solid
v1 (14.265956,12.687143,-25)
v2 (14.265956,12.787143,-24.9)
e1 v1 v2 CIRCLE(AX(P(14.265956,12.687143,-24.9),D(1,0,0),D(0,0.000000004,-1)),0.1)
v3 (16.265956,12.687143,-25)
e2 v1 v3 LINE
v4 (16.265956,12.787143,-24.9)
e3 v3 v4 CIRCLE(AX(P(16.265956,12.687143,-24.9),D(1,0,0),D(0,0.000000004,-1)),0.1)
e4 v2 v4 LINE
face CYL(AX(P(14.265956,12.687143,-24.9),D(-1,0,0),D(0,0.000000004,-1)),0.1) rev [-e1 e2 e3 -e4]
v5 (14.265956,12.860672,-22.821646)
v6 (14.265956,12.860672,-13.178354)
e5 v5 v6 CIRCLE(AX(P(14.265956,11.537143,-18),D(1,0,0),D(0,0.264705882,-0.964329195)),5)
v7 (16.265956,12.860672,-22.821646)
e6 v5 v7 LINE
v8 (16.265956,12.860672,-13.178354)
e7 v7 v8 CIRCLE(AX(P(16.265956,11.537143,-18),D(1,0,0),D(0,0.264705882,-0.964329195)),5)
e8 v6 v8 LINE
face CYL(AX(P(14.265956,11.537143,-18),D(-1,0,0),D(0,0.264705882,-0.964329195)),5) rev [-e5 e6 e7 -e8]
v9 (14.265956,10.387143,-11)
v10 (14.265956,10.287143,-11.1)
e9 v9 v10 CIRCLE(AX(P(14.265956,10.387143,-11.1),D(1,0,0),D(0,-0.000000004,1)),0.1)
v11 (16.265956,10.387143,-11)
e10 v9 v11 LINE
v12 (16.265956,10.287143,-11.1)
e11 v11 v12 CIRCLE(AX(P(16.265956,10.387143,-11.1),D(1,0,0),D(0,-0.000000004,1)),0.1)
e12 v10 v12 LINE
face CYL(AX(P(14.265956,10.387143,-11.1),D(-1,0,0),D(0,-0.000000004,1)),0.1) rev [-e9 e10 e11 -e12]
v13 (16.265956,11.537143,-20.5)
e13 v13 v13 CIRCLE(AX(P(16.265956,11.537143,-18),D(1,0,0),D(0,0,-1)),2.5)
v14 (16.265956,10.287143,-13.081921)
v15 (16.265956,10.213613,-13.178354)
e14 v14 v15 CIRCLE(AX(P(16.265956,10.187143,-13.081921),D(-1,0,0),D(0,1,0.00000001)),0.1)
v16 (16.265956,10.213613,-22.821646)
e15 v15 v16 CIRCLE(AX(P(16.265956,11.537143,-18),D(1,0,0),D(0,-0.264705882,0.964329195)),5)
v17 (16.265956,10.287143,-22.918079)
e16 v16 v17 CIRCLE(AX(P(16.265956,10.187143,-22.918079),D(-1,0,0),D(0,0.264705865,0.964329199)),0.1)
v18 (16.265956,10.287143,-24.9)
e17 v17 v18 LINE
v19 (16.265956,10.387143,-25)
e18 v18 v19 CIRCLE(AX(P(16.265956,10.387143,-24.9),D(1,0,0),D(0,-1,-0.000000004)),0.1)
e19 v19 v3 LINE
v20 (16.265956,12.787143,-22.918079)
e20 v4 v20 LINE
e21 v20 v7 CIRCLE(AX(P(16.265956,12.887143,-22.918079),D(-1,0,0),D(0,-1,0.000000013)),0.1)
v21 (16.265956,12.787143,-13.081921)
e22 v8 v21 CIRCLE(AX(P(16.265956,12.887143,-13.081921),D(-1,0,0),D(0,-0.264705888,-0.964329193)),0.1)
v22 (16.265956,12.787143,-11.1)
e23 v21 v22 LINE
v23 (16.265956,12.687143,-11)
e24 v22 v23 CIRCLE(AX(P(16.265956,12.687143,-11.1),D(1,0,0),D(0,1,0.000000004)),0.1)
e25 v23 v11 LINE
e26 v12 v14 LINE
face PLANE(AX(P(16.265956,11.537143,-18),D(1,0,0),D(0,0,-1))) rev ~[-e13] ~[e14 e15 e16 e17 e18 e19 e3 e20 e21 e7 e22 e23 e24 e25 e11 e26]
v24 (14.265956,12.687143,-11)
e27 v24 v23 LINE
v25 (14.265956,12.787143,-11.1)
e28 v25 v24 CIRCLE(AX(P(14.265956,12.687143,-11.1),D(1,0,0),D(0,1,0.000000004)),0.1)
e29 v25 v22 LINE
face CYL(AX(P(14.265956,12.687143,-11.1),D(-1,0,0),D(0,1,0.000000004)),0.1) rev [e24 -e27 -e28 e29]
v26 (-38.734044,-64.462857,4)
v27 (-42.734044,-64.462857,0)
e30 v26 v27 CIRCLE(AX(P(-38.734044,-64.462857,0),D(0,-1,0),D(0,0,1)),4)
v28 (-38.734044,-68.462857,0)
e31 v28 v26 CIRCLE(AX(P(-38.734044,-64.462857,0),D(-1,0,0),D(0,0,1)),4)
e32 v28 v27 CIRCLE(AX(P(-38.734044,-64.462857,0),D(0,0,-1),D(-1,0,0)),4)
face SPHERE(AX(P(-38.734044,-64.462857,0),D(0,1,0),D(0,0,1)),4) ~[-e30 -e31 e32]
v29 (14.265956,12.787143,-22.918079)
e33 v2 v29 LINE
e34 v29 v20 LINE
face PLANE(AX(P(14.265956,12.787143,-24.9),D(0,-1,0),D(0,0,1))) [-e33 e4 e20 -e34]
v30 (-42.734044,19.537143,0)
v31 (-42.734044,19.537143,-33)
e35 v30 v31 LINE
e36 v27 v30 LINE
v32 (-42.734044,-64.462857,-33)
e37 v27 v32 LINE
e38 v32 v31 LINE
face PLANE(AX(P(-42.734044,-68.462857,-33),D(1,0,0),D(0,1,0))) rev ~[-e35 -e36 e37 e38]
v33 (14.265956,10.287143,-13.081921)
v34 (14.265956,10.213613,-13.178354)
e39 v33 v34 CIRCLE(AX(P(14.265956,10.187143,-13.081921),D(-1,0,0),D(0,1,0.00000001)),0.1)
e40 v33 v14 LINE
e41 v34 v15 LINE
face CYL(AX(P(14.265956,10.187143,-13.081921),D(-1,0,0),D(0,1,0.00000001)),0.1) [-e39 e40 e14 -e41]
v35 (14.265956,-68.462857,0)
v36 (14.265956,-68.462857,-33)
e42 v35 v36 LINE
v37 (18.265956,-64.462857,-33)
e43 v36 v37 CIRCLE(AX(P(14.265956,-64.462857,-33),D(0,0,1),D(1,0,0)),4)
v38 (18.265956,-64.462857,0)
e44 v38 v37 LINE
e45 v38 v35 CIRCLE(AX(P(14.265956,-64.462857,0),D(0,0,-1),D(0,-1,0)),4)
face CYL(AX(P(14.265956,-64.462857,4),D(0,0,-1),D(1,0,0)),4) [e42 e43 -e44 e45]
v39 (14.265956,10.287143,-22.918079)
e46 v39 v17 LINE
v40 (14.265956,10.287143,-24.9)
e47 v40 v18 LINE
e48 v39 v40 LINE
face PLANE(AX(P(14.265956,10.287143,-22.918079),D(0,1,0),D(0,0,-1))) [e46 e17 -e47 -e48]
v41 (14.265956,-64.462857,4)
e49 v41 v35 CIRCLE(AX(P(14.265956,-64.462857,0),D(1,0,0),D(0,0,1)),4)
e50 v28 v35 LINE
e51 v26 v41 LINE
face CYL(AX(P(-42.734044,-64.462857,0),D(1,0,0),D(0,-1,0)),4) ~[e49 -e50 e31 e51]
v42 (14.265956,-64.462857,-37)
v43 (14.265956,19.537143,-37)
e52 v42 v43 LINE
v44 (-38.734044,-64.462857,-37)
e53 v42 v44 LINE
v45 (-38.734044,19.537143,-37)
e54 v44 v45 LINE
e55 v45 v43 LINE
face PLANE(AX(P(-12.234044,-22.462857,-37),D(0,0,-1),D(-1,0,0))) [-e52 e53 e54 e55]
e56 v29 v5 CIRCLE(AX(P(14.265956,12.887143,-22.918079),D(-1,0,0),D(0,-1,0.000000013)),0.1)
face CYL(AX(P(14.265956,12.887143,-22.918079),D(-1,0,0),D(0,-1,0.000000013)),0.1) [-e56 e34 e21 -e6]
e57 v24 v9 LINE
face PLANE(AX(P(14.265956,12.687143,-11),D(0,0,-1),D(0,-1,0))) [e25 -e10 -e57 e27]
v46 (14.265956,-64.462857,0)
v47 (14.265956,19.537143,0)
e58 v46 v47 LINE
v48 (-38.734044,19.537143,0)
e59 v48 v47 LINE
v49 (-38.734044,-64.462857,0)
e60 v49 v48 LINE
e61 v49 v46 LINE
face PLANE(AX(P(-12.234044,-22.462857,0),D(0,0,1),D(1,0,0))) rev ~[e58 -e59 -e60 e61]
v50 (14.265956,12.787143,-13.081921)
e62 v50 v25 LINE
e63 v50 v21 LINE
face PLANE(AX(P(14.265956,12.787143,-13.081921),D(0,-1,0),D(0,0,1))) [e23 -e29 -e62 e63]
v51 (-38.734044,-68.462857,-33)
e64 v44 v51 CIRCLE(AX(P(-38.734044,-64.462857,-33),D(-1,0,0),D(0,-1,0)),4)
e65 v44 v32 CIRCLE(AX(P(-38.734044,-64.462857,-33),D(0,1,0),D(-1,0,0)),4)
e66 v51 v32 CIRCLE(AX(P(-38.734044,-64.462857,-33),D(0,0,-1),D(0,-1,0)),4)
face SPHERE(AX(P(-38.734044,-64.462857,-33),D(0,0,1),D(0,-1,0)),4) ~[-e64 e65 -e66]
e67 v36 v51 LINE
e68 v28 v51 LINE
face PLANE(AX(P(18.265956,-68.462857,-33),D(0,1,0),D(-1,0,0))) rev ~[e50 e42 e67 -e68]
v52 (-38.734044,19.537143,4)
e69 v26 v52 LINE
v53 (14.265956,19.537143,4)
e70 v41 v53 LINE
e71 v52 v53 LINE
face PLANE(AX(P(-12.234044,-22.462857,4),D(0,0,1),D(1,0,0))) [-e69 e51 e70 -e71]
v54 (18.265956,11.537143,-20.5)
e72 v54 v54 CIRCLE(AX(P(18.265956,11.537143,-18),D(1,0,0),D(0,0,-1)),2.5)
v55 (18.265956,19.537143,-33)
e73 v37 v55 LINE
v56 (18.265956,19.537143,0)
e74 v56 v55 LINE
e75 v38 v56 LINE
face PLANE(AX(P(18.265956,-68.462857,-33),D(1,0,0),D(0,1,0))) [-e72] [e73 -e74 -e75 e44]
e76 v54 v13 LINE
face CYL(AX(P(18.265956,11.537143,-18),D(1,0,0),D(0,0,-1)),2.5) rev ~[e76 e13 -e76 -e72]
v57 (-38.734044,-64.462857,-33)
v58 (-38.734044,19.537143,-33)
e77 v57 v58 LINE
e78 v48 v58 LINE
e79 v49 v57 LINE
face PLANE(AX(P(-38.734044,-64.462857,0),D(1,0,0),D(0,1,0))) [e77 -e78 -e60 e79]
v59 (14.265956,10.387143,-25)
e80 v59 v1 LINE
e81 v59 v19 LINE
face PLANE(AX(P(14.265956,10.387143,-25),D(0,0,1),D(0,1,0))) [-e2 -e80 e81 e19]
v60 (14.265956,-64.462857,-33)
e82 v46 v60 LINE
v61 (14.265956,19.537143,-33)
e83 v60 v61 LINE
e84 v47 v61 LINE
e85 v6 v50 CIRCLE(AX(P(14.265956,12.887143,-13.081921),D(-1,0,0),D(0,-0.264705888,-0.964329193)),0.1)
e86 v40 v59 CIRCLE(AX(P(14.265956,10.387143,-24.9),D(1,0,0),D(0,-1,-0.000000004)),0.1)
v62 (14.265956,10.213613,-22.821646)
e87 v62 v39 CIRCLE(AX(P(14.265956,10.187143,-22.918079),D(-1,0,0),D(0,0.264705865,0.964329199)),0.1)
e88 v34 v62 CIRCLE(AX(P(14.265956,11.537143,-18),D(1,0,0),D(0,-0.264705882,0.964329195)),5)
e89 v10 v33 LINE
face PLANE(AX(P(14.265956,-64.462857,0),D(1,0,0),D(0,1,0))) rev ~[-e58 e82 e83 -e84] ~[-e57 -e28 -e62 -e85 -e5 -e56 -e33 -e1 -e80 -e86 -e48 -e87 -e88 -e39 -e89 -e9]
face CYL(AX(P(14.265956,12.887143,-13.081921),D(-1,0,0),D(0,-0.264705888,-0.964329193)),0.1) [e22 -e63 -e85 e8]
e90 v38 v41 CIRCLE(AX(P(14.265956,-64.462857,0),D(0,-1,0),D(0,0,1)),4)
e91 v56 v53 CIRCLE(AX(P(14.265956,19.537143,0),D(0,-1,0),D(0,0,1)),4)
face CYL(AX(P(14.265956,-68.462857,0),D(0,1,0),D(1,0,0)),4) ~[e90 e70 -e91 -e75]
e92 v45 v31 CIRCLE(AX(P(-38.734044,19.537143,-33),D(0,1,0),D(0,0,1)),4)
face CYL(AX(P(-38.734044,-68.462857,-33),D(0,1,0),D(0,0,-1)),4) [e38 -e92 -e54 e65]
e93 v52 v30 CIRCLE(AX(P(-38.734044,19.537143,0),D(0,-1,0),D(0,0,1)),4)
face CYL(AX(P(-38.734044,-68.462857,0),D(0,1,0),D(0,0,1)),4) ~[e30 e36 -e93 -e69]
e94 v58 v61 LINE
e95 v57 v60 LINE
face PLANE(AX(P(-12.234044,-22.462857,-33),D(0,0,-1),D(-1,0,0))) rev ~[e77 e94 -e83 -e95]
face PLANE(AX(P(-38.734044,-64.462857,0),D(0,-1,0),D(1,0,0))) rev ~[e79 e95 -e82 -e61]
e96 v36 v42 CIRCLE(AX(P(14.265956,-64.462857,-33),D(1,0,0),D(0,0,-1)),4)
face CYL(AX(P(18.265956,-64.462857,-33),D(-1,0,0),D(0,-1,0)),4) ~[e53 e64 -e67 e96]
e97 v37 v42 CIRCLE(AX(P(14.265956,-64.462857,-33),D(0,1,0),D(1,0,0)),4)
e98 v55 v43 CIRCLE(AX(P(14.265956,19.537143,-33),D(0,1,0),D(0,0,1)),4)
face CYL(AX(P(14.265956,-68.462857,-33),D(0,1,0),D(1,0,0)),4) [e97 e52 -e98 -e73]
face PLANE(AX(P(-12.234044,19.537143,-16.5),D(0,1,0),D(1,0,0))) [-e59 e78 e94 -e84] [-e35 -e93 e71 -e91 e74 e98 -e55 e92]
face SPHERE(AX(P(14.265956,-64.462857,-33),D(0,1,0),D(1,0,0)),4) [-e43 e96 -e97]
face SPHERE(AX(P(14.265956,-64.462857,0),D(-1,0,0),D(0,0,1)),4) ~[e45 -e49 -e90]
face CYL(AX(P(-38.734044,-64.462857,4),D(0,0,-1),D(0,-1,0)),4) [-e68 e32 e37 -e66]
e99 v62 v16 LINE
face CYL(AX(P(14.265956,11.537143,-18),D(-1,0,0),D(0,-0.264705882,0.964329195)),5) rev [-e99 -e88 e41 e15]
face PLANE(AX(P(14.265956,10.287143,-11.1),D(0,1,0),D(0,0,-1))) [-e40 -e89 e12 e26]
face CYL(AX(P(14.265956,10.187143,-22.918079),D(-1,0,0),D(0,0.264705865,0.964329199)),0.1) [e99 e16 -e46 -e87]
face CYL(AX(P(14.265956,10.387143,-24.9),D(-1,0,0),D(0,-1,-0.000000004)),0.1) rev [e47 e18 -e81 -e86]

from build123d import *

# Parameters (mm, degrees)
ESBO_O1_W                = 61
ESBO_O1_H                = 92
ESBO_O1_W_2              = 53
ESBO_O1_H_2              = 84
RESSALTO_EXTRUS_O2_DEPTH = 33
ESBO_O5_W                = 61
ESBO_O5_H                = 92
RESSALTO_EXTRUS_O4_DEPTH = 4
ESBO_O6_R                = 2.5
CORTE_EXTRUS_O4_DEPTH    = 4
CORTE_EXTRUS_O5_DEPTH    = 2
ESBO_O8_W                = 61
ESBO_O8_H                = 92
RESSALTO_EXTRUS_O5_DEPTH = 4
ESBO_O9_W                = 61
ESBO_O9_H                = 41
CORTE_EXTRUS_O6_DEPTH    = 4
FILETE1_R                = 4


with BuildPart() as part:
    # Esboço1 → Ressalto-extrusão2 (new body)
    with BuildSketch(Plane.XY):
        with Locations((-12.234044221, -22.462857143)):
            Rectangle(ESBO_O1_W, ESBO_O1_H)
        with Locations((-12.234044221, -22.462857143)):
            Rectangle(ESBO_O1_W_2, ESBO_O1_H_2, mode=Mode.SUBTRACT)
    extrude(amount=-RESSALTO_EXTRUS_O2_DEPTH)

    # Esboço5 → Ressalto-extrusão4 (add)
    with BuildSketch(Plane.XY):
        with Locations((-12.234044221, -22.462857143)):
            Rectangle(ESBO_O5_W, ESBO_O5_H)
    extrude(amount=RESSALTO_EXTRUS_O4_DEPTH)

    # Esboço6 → Corte-extrusão4 (cut)
    with BuildSketch(Plane(origin=(18.265955779, 0, 0), x_dir=(0, 0, -1), z_dir=(1, 0, 0))):
        with Locations((18, 11.537142857)):
            Circle(ESBO_O6_R)
    extrude(amount=-CORTE_EXTRUS_O4_DEPTH, mode=Mode.SUBTRACT)

    # Esboço7 → Corte-extrusão5 (cut)
    with BuildSketch(Plane.ZY.offset(-14.265955779)):
        with BuildLine():
            Line((-11.1, 10.287142857), (-13.081921107, 10.287142857))
            ThreePointArc((-13.081921107, 10.287142857), (-13.142555013, 10.26666348), (-13.178354026, 10.213613445))
            ThreePointArc((-13.178354026, 10.213613445), (-18, 6.537142857), (-22.821645974, 10.213613445))
            ThreePointArc((-22.821645974, 10.213613445), (-22.857444987, 10.26666348), (-22.918078893, 10.287142857))
            Line((-22.918078893, 10.287142857), (-24.9, 10.287142857))
            ThreePointArc((-24.9, 10.287142857), (-24.970710678, 10.316432179), (-25, 10.387142857))
            Line((-25, 10.387142857), (-25, 12.687142857))
            ThreePointArc((-25, 12.687142857), (-24.970710678, 12.757853535), (-24.9, 12.787142857))
            Line((-24.9, 12.787142857), (-22.918078893, 12.787142857))
            ThreePointArc((-22.918078893, 12.787142857), (-22.857444987, 12.807622235), (-22.821645974, 12.860672269))
            ThreePointArc((-22.821645974, 12.860672269), (-18, 16.537142857), (-13.178354026, 12.860672269))
            ThreePointArc((-13.178354026, 12.860672269), (-13.142555013, 12.807622235), (-13.081921107, 12.787142857))
            Line((-13.081921107, 12.787142857), (-11.1, 12.787142857))
            ThreePointArc((-11.1, 12.787142857), (-11.029289322, 12.757853535), (-11, 12.687142857))
            Line((-11, 12.687142857), (-11, 10.387142857))
            ThreePointArc((-11, 10.387142857), (-11.029289322, 10.316432179), (-11.1, 10.287142857))
        make_face()
    extrude(amount=-CORTE_EXTRUS_O5_DEPTH, mode=Mode.SUBTRACT)

    # Esboço8 → Ressalto-extrusão5 (add)
    with BuildSketch(Plane(origin=(0, 0, -33), x_dir=(-1, 0, 0), z_dir=(0, 0, -1))):
        with Locations((12.234044221, -22.462857143)):
            Rectangle(ESBO_O8_W, ESBO_O8_H)
    extrude(amount=RESSALTO_EXTRUS_O5_DEPTH)

    # Esboço9 → Corte-extrusão6 (cut)
    with BuildSketch(Plane(origin=(0, 23.537142857, 0), x_dir=(1, 0, 0), z_dir=(0, 1, 0))):
        with Locations((-12.234044221, 16.5)):
            Rectangle(ESBO_O9_W, ESBO_O9_H)
    extrude(amount=-CORTE_EXTRUS_O6_DEPTH, mode=Mode.SUBTRACT)

    # Filete1
    filete1_edges = [part.edges().sort_by_distance(p)[0] for p in [
        (18.265955779, -24.462857143, -37),
        (-42.734044221, -24.462857143, 4),
        (-12.234044221, -68.462857143, 4),
        (18.265955779, -24.462857143, 4),
        (18.265955779, -68.462857143, -16.5),
        (-42.734044221, -68.462857143, -16.5),
        (-12.234044221, -68.462857143, -37),
        (-42.734044221, -24.462857143, -37),
    ]]
    fillet(filete1_edges, radius=FILETE1_R)


solid = part.part
